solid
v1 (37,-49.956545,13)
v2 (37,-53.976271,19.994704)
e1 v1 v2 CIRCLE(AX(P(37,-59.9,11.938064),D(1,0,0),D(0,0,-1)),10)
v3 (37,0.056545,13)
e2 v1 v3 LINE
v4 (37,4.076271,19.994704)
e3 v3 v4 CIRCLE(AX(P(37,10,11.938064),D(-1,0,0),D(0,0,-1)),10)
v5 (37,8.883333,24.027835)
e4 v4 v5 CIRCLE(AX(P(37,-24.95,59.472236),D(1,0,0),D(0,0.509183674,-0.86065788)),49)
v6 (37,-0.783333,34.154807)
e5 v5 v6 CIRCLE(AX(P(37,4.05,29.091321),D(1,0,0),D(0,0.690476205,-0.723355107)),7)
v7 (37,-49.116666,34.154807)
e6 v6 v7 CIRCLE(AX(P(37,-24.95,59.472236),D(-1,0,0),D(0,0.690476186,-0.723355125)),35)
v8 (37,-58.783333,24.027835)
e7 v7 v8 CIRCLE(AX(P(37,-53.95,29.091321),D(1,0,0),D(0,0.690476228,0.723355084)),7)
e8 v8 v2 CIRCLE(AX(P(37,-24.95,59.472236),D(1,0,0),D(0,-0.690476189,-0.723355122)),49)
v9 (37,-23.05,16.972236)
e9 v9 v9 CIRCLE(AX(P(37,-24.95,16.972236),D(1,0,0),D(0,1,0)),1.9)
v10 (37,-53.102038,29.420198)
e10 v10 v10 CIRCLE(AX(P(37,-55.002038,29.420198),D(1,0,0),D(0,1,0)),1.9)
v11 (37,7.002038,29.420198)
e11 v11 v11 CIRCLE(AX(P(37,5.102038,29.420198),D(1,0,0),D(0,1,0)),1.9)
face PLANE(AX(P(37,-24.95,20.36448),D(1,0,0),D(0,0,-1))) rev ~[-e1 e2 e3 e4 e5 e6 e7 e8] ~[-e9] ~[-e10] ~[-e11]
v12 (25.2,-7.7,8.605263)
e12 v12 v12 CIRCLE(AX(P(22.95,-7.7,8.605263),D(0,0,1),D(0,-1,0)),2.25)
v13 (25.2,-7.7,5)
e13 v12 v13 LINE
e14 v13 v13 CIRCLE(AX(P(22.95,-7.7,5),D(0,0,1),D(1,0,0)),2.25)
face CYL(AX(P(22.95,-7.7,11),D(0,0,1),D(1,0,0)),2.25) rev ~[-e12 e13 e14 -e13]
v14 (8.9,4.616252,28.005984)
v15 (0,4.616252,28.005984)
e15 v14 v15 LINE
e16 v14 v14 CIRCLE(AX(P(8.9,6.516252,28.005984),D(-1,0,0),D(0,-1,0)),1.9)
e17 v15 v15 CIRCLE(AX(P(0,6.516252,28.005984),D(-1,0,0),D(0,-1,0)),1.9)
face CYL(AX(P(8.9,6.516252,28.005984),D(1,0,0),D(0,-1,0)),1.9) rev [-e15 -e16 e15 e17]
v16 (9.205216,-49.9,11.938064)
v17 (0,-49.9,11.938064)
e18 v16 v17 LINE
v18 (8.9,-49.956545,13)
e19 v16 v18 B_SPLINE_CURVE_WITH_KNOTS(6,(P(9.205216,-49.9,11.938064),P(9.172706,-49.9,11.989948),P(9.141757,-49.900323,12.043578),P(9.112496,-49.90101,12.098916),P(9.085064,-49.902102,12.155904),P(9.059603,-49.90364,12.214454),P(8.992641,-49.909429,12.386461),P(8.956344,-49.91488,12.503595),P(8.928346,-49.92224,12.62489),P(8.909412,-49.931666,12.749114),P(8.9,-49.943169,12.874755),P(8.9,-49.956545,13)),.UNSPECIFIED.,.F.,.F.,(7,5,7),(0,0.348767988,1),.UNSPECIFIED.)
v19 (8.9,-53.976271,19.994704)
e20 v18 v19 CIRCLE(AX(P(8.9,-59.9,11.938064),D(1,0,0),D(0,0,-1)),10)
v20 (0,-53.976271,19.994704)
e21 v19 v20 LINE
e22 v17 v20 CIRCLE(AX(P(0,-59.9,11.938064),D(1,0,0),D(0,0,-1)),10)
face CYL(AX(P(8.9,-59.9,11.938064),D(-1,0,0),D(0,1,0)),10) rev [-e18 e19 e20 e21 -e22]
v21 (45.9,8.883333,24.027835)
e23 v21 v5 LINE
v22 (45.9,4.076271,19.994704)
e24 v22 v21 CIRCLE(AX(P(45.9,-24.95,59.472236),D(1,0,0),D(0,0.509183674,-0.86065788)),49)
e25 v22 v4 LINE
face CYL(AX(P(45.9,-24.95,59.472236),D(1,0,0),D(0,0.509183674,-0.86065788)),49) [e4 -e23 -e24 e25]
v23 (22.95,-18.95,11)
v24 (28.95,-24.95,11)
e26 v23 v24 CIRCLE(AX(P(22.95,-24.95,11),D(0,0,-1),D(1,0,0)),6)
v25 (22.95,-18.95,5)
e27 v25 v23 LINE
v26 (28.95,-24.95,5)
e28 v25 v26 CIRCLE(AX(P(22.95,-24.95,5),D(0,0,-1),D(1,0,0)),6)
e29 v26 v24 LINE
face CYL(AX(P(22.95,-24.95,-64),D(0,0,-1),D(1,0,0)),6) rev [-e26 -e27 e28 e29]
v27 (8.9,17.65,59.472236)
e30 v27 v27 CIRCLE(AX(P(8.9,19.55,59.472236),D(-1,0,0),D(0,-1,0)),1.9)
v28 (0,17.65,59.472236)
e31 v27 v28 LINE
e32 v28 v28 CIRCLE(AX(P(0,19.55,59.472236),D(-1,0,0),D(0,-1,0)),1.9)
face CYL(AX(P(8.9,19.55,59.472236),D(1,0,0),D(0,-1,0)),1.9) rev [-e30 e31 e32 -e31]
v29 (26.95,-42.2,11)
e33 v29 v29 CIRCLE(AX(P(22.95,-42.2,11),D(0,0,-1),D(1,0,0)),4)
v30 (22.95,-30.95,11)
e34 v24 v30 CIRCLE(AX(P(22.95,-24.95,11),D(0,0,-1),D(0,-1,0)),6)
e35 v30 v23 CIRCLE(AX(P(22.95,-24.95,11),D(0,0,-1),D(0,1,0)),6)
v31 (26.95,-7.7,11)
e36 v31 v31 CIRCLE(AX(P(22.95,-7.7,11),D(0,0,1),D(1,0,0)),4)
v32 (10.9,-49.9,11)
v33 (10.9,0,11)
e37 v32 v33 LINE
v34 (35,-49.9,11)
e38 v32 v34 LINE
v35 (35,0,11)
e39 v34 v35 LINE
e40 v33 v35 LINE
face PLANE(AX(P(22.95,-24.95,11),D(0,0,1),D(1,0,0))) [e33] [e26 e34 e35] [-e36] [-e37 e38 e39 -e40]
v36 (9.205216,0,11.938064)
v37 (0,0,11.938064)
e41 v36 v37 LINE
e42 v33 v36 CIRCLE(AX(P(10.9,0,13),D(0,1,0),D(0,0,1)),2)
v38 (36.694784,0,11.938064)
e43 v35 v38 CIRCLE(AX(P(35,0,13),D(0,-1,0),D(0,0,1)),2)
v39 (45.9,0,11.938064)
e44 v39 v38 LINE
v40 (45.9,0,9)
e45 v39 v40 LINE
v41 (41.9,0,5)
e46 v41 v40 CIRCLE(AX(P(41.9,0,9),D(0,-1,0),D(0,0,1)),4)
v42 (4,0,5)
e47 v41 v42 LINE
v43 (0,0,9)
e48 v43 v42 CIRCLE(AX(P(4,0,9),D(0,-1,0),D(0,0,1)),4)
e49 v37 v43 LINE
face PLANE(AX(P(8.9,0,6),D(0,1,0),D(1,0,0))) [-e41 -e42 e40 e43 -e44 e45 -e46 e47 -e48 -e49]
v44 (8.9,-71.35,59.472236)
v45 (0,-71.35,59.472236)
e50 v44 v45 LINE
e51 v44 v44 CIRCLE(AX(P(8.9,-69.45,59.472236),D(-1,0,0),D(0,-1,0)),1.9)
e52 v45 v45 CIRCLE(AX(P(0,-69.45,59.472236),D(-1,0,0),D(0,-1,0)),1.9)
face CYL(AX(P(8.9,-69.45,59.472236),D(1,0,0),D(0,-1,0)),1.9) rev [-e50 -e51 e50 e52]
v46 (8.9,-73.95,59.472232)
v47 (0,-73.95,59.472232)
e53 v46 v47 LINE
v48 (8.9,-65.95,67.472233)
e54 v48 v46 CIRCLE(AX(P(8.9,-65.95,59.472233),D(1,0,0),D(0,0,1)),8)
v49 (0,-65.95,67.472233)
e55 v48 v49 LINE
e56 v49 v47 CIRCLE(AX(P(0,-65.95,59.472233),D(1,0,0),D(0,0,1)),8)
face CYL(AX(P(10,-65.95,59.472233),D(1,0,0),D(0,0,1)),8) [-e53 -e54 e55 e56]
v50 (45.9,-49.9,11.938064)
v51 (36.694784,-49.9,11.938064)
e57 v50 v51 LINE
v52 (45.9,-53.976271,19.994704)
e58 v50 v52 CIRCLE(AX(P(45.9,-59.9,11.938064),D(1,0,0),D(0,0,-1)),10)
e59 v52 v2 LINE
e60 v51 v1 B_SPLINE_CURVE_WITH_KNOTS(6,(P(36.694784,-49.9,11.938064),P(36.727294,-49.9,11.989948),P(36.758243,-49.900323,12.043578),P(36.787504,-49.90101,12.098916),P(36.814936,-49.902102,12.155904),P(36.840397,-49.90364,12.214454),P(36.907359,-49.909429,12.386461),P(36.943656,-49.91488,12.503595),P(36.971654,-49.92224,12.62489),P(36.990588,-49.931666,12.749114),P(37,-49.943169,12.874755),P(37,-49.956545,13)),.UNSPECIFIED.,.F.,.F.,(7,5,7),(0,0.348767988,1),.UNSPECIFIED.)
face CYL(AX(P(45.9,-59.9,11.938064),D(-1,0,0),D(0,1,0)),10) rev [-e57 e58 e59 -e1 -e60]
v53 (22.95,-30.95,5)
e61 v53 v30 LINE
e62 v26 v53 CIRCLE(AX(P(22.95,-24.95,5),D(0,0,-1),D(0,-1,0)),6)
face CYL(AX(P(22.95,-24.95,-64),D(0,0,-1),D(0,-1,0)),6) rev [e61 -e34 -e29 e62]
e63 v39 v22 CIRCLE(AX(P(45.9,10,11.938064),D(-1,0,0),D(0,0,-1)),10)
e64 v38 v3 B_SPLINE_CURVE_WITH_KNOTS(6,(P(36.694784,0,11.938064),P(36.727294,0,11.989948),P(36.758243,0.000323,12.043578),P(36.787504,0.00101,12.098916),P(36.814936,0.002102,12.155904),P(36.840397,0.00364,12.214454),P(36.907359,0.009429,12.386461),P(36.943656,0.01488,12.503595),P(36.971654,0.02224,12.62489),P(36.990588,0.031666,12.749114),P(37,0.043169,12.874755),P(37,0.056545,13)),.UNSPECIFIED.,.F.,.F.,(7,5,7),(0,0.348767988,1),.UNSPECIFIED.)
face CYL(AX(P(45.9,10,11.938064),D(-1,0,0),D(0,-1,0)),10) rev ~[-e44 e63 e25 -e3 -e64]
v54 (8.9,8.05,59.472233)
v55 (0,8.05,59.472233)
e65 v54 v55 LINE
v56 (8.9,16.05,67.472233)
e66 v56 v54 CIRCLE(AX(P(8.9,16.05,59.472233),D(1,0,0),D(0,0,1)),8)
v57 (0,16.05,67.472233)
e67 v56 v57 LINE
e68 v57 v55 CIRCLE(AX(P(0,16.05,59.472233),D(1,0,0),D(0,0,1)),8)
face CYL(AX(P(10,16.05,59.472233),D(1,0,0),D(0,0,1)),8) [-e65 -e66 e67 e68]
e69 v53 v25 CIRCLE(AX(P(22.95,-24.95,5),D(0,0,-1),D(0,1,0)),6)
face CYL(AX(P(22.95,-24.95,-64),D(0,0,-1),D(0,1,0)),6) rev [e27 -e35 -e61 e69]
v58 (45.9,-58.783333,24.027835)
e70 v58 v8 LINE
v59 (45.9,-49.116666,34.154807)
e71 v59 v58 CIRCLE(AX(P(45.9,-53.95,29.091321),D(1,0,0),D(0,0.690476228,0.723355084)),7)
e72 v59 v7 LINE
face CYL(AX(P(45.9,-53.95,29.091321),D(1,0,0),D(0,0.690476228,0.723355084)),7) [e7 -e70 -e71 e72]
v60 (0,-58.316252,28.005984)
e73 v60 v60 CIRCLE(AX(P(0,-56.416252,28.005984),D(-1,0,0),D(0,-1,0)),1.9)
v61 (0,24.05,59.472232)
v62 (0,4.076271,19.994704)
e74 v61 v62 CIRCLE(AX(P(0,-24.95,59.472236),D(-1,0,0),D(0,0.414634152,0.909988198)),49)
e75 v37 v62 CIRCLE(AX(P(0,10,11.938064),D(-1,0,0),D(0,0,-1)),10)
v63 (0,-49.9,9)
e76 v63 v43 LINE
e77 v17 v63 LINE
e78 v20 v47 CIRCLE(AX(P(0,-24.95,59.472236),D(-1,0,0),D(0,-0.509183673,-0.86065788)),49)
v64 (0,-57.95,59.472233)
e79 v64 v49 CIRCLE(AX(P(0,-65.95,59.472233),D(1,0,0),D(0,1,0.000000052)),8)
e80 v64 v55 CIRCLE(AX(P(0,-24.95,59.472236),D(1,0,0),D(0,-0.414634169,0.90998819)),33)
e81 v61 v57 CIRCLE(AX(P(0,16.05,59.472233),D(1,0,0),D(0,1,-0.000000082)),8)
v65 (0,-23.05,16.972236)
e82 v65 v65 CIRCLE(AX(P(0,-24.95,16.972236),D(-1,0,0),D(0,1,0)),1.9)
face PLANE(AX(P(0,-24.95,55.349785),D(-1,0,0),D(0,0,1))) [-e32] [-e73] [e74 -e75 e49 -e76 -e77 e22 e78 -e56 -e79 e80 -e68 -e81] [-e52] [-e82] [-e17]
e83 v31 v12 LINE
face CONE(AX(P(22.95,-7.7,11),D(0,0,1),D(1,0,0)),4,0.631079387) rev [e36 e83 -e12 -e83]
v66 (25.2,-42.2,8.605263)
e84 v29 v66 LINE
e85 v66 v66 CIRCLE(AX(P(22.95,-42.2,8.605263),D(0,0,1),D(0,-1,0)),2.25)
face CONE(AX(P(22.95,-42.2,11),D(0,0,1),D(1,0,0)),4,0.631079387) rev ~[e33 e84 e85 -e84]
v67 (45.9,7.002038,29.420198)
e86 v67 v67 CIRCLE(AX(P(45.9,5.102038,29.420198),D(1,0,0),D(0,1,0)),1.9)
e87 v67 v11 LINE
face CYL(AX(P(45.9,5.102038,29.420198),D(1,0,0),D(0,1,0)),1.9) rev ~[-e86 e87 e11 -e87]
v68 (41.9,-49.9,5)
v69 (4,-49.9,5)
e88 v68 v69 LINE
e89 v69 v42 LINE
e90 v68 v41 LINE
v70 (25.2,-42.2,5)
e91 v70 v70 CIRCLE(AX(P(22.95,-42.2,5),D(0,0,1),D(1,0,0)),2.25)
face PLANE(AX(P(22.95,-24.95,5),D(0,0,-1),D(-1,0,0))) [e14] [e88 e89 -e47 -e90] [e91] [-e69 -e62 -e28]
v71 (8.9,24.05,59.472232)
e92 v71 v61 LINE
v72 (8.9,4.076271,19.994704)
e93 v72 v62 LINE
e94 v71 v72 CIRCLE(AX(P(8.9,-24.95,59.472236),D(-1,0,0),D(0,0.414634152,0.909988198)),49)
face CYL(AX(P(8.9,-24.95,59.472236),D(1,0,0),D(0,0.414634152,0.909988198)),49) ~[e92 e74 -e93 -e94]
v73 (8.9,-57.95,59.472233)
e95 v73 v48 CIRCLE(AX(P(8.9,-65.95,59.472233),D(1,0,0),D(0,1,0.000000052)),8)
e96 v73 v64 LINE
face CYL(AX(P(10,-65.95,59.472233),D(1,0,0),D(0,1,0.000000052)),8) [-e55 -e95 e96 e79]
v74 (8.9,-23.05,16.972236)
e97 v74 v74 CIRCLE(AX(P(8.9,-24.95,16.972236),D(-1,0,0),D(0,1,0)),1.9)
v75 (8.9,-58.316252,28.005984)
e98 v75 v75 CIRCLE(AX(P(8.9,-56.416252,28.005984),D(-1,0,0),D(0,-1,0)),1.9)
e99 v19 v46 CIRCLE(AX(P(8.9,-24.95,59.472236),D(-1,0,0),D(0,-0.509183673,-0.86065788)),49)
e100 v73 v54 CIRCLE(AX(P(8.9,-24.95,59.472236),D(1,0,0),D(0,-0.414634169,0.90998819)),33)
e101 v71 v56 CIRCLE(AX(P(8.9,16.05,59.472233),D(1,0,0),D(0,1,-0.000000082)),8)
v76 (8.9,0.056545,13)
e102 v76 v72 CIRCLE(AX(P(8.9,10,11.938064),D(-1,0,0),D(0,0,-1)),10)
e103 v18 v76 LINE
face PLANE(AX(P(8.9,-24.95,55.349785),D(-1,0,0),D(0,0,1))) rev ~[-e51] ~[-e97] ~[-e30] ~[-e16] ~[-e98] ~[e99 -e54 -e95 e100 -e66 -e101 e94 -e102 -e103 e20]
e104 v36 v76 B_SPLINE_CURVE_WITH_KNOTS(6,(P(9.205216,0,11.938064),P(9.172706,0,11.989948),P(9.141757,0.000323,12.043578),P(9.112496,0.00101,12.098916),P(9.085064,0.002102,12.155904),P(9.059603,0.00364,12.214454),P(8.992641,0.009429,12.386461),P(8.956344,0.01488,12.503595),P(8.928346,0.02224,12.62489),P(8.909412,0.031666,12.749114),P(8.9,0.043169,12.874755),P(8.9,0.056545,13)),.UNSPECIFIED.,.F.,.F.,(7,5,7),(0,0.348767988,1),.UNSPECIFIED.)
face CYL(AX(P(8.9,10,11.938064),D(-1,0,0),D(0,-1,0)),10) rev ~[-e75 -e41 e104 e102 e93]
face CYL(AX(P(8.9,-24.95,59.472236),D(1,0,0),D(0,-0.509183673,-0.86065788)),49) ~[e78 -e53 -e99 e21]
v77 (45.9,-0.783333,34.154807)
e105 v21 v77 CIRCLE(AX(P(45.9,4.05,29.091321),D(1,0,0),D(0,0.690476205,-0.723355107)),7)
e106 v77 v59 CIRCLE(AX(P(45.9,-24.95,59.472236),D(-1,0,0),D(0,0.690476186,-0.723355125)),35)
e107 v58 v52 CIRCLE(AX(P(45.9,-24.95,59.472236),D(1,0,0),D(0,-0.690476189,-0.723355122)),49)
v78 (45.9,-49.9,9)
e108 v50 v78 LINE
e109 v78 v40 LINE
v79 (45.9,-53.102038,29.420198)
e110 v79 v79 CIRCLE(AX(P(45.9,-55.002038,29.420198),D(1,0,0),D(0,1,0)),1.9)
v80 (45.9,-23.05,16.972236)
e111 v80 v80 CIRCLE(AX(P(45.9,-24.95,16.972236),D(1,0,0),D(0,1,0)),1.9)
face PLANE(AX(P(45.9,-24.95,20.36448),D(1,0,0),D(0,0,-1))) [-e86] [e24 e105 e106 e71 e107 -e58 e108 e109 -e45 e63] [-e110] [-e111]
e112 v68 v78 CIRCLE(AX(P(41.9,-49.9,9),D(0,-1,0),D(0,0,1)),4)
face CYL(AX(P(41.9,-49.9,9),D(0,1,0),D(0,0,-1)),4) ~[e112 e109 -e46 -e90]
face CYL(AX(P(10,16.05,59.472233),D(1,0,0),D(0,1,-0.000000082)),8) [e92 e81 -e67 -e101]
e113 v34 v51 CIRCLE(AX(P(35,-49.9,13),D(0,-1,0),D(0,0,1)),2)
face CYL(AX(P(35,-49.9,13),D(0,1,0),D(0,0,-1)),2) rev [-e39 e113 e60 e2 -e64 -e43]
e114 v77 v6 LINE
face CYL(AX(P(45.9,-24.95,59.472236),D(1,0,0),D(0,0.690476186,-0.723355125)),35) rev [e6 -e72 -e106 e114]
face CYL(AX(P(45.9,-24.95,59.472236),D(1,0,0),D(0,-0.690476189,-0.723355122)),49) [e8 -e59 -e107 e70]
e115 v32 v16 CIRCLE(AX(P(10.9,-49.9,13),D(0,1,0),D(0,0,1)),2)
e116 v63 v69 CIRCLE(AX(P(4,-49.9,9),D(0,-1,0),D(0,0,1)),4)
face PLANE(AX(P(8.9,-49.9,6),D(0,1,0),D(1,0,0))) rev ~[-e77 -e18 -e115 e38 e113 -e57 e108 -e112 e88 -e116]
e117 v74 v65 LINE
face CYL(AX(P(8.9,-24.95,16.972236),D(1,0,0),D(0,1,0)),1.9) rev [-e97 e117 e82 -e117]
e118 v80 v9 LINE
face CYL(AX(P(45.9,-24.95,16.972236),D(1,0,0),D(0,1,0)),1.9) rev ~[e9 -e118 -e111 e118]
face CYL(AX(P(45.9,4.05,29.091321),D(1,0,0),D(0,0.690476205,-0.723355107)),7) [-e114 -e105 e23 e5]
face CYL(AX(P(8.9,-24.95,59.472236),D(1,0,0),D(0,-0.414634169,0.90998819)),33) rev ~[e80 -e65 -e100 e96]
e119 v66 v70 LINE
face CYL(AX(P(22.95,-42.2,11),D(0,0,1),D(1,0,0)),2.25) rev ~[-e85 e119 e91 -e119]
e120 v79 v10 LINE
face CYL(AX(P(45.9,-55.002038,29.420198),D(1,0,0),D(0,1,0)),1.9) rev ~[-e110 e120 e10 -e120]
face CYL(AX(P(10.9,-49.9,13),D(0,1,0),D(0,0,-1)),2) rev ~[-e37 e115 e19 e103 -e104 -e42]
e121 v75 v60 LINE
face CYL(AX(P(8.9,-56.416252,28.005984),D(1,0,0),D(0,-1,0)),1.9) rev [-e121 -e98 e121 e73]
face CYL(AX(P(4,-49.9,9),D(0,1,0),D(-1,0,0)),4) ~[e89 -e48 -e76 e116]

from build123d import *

# Parameters (mm, degrees)
SKETCH_1_W               = 45.9
SKETCH_1_H               = 49.9
EXTRUDE_1_DEPTH          = 6
SKETCH_2_R               = 1.9
EXTRUDE_2_DEPTH          = 8.9
EXTRUDE_START            = -8.9
SKETCH_3_R               = 1.9
EXTRUDE_3_DEPTH          = 8.9
FILLET_3_R               = 10
CUT_EXTRUDE_START        = -10
SKETCH_6_R               = 1.9
CUT_EXTRUDE_2_DEPTH      = 10
SKETCH_7_W               = 45.9
SKETCH_7_H               = 49.9
CUT_EXTRUDE_3_DEPTH      = 5
FILLET_4_R               = 4
SKETCH_8_W               = 28.1
SKETCH_8_H               = 49.9
EXTRUDE_5_DEPTH          = 5
FILLET_5_R               = 2
SKETCH_11_R              = 2.25
CUT_EXTRUDE_4_DEPTH      = 31
CUT_EXTRUDE_1_DEPTH      = 66
CUT_EXTRUDE_1_DEPTH_BACK = 70


with BuildPart() as part:
    # 草图1 → 凸台-拉伸1 (new body)
    with BuildSketch(Plane.XY):
        with Locations((22.95, -24.95)):
            Rectangle(SKETCH_1_W, SKETCH_1_H)
    extrude(amount=EXTRUDE_1_DEPTH)

    # 草图2 → 凸台-拉伸2 (add)
    with BuildSketch(Plane(origin=(45.9, 0, 0), x_dir=(0, 0, -1), z_dir=(1, 0, 0))):
        with BuildLine():
            Line((-6, 0), (-17.3, 0))
            ThreePointArc((-17.3, 0), (-20.410567122, 4.633542967), (-24.02783532, 8.883333436))
            ThreePointArc((-24.02783532, 8.883333436), (-33.92465453, 9.113485719), (-34.154806758, -0.783333492))
            ThreePointArc((-34.154806758, -0.783333492), (-24.472236128, -24.949999926), (-34.154806656, -49.116666401))
            ThreePointArc((-34.154806656, -49.116666401), (-33.924654493, -59.013485754), (-24.027835147, -58.783333255))
            ThreePointArc((-24.027835147, -58.783333255), (-20.410567046, -54.533542867), (-17.3, -49.9))
            Line((-17.3, -49.9), (-6, -49.9))
            Line((-6, -49.9), (-6, 0))
        make_face()
        with Locations(Location((-16.972236128, -24.95, 0), (0, 0, 90))):
            Circle(SKETCH_2_R, mode=Mode.SUBTRACT)
        with Locations(Location((-29.420197927, 5.1020382, 0), (0, 0, 90))):
            Circle(SKETCH_2_R, mode=Mode.SUBTRACT)
        with Locations(Location((-29.420197927, -55.0020382, 0), (0, 0, 90))):
            Circle(SKETCH_2_R, mode=Mode.SUBTRACT)
    extrude(amount=-EXTRUDE_2_DEPTH)

    # 草图3 → 凸台-拉伸3 (add)
    with BuildSketch(Plane.ZY.offset(EXTRUDE_START)):
        with BuildLine():
            Line((6, -49.9), (17.3, -49.9))
            ThreePointArc((17.3, -49.9), (62.08503163, -73.880290206), (104.061658089, -45.267072848))
            ThreePointArc((104.061658089, -45.267072848), (100.098824974, -34.670094153), (89.501846395, -38.63292758))
            ThreePointArc((89.501846395, -38.63292758), (26.472236128, -24.950000045), (89.501846358, -11.267072337))
            ThreePointArc((89.501846358, -11.267072337), (100.09882522, -15.229905735), (104.061657827, -4.632926576))
            ThreePointArc((104.061657827, -4.632926576), (62.085031314, 23.980290223), (17.3, 0))
            Line((17.3, 0), (6, 0))
            Line((6, 0), (6, -49.9))
        make_face()
        with Locations(Location((90.93848789, 6.516251763, 0), (0, 0, 270))):
            Circle(SKETCH_3_R, mode=Mode.SUBTRACT)
        with Locations(Location((28.005984365, -56.416251763, 0), (0, 0, 270))):
            Circle(SKETCH_3_R, mode=Mode.SUBTRACT)
        with Locations(Location((16.972236128, -24.95, 0), (0, 0, 90))):
            Circle(SKETCH_3_R, mode=Mode.SUBTRACT)
        with Locations(Location((59.472236128, -69.45, 0), (0, 0, 270))):
            Circle(SKETCH_3_R, mode=Mode.SUBTRACT)
        with Locations(Location((90.93848789, -56.416251763, 0), (0, 0, 270))):
            Circle(SKETCH_3_R, mode=Mode.SUBTRACT)
        with Locations(Location((28.005984365, 6.516251763, 0), (0, 0, 270))):
            Circle(SKETCH_3_R, mode=Mode.SUBTRACT)
        with Locations(Location((59.472236128, 19.55, 0), (0, 0, 270))):
            Circle(SKETCH_3_R, mode=Mode.SUBTRACT)
    extrude(amount=EXTRUDE_3_DEPTH)

    # 圆角3
    fillet_3_edges = [part.edges().sort_by_distance(p)[0] for p in [
        (41.45, 0, 17.3),
        (41.45, -49.9, 17.3),
        (4.45, -49.9, 17.3),
        (4.45, 0, 17.3),
    ]]
    fillet(fillet_3_edges, radius=FILLET_3_R)

    # 草图6 → 切除-拉伸2 (cut)
    # profile 1 of 2: a face of its own
    with BuildSketch(Plane.ZY.offset(CUT_EXTRUDE_START)):
        with BuildLine():
            ThreePointArc((104.061657942, -4.632926829), (85.981321722, 16.260051941), (59.472232168, 24.05))
            ThreePointArc((59.472232168, 24.05), (65.12908684, 21.706854481), (67.472232822, 16.05))
            ThreePointArc((67.472232822, 16.05), (65.129087169, 10.393145848), (59.472233099, 8.05))
            ThreePointArc((59.472233099, 8.05), (77.32529362, 2.803708548), (89.501846738, -11.267073171))
            ThreePointArc((89.501846738, -11.267073171), (100.098825511, -15.229905602), (104.061657942, -4.632926829))
        make_face()
        with Locations((90.93848789, 6.516251763)):
            Circle(SKETCH_6_R, mode=Mode.SUBTRACT)
    # profile 2 of 2: a face of its own
    with BuildSketch(Plane.ZY.offset(CUT_EXTRUDE_START)):
        with BuildLine():
            ThreePointArc((89.501846738, -38.632926829), (77.325293679, -52.70370851), (59.472233238, -57.95))
            ThreePointArc((59.472233238, -57.95), (65.129087219, -60.293145898), (67.472232822, -65.95))
            ThreePointArc((67.472232822, -65.95), (65.129086835, -71.606854486), (59.472232153, -73.95))
            ThreePointArc((59.472232153, -73.95), (85.981321716, -66.160051945), (104.061657942, -45.267073171))
            ThreePointArc((104.061657942, -45.267073171), (100.098825511, -34.670094398), (89.501846738, -38.632926829))
        make_face()
        with Locations((90.93848789, -56.416251763)):
            Circle(SKETCH_6_R, mode=Mode.SUBTRACT)
    extrude(amount=CUT_EXTRUDE_2_DEPTH, mode=Mode.SUBTRACT)


with BuildPart() as cut_extrude_2_kept_piece:
    # of the separate pieces the step leaves, the one the design keeps (cut_extrude_2_pieces_kept)
    add(part.part.solids().sort_by_distance((0, 0, 11.938064209))[0])

    # 草图7 → 切除-拉伸3 (cut)
    with BuildSketch(Plane(origin=(0, 0, 0), x_dir=(-1, 0, 0), z_dir=(0, 0, -1))):
        with Locations((-22.95, -24.95)):
            Rectangle(SKETCH_7_W, SKETCH_7_H)
    extrude(amount=-CUT_EXTRUDE_3_DEPTH, mode=Mode.SUBTRACT)

    # 圆角4
    fillet_4_edges = [cut_extrude_2_kept_piece.edges().sort_by_distance(p)[0] for p in [
        (45.9, -24.95, 5),
        (0, -24.95, 5),
    ]]
    fillet(fillet_4_edges, radius=FILLET_4_R)

    # 草图8 → 凸台-拉伸5 (add)
    with BuildSketch(Plane.XY.offset(6)):
        with Locations((22.95, -24.95)):
            Rectangle(SKETCH_8_W, SKETCH_8_H)
    extrude(amount=EXTRUDE_5_DEPTH)

    # 圆角5
    fillet_5_edges = [cut_extrude_2_kept_piece.edges().sort_by_distance(p)[0] for p in [
        (37, -24.95, 11),
        (8.9, -24.95, 11),
    ]]
    fillet(fillet_5_edges, radius=FILLET_5_R)

    # 草图11 → 切除-拉伸4 (cut)
    with BuildSketch(Plane.XY.offset(11)):
        with Locations((22.95, -7.7)):
            Circle(SKETCH_11_R)
        with Locations((22.95, -42.2)):
            Circle(SKETCH_11_R)
    extrude(amount=-CUT_EXTRUDE_4_DEPTH, mode=Mode.SUBTRACT)

    # 草图4 → 切除-拉伸1 (cut, two sides: drawn at the far end of the back side and taken through both)
    with BuildSketch(Plane.XY.offset(6).offset(-CUT_EXTRUDE_1_DEPTH_BACK)):
        with BuildLine():
            ThreePointArc((28.95, -24.95), (27.192640687, -20.707359313), (22.95, -18.95))
            Line((22.95, -18.95), (22.95, -30.95))
            ThreePointArc((22.95, -30.95), (27.192640687, -29.192640687), (28.95, -24.95))
        make_face()
        with BuildLine():
            Line((22.95, -30.95), (22.95, -18.95))
            ThreePointArc((22.95, -18.95), (16.95, -24.95), (22.95, -30.95))
        make_face()
    extrude(amount=CUT_EXTRUDE_1_DEPTH + CUT_EXTRUDE_1_DEPTH_BACK, mode=Mode.SUBTRACT)

    # 草图12 → 切除-旋转1 (revolve, cut)
    with BuildSketch(Plane.ZY.offset(-22.95), mode=Mode.PRIVATE) as cut_revolve_1_sk:
        Polygon((8.4, -7.7), (11, -7.7), (11, -5.45), (11, -3.7), (8.4, -5.6), align=None)
    cut_revolve_1 = revolve(cut_revolve_1_sk.sketch.rotate(Axis((22.95, -7.7, 5), (0, 0, 1)), 270), axis=Axis((22.95, -7.7, 5), (0, 0, 1)), mode=Mode.SUBTRACT)

    # 镜向2: 切除-旋转1 across plane
    add(cut_revolve_1.mirror(Plane.ZX.offset(-24.95)), mode=Mode.SUBTRACT)


solid = cut_extrude_2_kept_piece.part
